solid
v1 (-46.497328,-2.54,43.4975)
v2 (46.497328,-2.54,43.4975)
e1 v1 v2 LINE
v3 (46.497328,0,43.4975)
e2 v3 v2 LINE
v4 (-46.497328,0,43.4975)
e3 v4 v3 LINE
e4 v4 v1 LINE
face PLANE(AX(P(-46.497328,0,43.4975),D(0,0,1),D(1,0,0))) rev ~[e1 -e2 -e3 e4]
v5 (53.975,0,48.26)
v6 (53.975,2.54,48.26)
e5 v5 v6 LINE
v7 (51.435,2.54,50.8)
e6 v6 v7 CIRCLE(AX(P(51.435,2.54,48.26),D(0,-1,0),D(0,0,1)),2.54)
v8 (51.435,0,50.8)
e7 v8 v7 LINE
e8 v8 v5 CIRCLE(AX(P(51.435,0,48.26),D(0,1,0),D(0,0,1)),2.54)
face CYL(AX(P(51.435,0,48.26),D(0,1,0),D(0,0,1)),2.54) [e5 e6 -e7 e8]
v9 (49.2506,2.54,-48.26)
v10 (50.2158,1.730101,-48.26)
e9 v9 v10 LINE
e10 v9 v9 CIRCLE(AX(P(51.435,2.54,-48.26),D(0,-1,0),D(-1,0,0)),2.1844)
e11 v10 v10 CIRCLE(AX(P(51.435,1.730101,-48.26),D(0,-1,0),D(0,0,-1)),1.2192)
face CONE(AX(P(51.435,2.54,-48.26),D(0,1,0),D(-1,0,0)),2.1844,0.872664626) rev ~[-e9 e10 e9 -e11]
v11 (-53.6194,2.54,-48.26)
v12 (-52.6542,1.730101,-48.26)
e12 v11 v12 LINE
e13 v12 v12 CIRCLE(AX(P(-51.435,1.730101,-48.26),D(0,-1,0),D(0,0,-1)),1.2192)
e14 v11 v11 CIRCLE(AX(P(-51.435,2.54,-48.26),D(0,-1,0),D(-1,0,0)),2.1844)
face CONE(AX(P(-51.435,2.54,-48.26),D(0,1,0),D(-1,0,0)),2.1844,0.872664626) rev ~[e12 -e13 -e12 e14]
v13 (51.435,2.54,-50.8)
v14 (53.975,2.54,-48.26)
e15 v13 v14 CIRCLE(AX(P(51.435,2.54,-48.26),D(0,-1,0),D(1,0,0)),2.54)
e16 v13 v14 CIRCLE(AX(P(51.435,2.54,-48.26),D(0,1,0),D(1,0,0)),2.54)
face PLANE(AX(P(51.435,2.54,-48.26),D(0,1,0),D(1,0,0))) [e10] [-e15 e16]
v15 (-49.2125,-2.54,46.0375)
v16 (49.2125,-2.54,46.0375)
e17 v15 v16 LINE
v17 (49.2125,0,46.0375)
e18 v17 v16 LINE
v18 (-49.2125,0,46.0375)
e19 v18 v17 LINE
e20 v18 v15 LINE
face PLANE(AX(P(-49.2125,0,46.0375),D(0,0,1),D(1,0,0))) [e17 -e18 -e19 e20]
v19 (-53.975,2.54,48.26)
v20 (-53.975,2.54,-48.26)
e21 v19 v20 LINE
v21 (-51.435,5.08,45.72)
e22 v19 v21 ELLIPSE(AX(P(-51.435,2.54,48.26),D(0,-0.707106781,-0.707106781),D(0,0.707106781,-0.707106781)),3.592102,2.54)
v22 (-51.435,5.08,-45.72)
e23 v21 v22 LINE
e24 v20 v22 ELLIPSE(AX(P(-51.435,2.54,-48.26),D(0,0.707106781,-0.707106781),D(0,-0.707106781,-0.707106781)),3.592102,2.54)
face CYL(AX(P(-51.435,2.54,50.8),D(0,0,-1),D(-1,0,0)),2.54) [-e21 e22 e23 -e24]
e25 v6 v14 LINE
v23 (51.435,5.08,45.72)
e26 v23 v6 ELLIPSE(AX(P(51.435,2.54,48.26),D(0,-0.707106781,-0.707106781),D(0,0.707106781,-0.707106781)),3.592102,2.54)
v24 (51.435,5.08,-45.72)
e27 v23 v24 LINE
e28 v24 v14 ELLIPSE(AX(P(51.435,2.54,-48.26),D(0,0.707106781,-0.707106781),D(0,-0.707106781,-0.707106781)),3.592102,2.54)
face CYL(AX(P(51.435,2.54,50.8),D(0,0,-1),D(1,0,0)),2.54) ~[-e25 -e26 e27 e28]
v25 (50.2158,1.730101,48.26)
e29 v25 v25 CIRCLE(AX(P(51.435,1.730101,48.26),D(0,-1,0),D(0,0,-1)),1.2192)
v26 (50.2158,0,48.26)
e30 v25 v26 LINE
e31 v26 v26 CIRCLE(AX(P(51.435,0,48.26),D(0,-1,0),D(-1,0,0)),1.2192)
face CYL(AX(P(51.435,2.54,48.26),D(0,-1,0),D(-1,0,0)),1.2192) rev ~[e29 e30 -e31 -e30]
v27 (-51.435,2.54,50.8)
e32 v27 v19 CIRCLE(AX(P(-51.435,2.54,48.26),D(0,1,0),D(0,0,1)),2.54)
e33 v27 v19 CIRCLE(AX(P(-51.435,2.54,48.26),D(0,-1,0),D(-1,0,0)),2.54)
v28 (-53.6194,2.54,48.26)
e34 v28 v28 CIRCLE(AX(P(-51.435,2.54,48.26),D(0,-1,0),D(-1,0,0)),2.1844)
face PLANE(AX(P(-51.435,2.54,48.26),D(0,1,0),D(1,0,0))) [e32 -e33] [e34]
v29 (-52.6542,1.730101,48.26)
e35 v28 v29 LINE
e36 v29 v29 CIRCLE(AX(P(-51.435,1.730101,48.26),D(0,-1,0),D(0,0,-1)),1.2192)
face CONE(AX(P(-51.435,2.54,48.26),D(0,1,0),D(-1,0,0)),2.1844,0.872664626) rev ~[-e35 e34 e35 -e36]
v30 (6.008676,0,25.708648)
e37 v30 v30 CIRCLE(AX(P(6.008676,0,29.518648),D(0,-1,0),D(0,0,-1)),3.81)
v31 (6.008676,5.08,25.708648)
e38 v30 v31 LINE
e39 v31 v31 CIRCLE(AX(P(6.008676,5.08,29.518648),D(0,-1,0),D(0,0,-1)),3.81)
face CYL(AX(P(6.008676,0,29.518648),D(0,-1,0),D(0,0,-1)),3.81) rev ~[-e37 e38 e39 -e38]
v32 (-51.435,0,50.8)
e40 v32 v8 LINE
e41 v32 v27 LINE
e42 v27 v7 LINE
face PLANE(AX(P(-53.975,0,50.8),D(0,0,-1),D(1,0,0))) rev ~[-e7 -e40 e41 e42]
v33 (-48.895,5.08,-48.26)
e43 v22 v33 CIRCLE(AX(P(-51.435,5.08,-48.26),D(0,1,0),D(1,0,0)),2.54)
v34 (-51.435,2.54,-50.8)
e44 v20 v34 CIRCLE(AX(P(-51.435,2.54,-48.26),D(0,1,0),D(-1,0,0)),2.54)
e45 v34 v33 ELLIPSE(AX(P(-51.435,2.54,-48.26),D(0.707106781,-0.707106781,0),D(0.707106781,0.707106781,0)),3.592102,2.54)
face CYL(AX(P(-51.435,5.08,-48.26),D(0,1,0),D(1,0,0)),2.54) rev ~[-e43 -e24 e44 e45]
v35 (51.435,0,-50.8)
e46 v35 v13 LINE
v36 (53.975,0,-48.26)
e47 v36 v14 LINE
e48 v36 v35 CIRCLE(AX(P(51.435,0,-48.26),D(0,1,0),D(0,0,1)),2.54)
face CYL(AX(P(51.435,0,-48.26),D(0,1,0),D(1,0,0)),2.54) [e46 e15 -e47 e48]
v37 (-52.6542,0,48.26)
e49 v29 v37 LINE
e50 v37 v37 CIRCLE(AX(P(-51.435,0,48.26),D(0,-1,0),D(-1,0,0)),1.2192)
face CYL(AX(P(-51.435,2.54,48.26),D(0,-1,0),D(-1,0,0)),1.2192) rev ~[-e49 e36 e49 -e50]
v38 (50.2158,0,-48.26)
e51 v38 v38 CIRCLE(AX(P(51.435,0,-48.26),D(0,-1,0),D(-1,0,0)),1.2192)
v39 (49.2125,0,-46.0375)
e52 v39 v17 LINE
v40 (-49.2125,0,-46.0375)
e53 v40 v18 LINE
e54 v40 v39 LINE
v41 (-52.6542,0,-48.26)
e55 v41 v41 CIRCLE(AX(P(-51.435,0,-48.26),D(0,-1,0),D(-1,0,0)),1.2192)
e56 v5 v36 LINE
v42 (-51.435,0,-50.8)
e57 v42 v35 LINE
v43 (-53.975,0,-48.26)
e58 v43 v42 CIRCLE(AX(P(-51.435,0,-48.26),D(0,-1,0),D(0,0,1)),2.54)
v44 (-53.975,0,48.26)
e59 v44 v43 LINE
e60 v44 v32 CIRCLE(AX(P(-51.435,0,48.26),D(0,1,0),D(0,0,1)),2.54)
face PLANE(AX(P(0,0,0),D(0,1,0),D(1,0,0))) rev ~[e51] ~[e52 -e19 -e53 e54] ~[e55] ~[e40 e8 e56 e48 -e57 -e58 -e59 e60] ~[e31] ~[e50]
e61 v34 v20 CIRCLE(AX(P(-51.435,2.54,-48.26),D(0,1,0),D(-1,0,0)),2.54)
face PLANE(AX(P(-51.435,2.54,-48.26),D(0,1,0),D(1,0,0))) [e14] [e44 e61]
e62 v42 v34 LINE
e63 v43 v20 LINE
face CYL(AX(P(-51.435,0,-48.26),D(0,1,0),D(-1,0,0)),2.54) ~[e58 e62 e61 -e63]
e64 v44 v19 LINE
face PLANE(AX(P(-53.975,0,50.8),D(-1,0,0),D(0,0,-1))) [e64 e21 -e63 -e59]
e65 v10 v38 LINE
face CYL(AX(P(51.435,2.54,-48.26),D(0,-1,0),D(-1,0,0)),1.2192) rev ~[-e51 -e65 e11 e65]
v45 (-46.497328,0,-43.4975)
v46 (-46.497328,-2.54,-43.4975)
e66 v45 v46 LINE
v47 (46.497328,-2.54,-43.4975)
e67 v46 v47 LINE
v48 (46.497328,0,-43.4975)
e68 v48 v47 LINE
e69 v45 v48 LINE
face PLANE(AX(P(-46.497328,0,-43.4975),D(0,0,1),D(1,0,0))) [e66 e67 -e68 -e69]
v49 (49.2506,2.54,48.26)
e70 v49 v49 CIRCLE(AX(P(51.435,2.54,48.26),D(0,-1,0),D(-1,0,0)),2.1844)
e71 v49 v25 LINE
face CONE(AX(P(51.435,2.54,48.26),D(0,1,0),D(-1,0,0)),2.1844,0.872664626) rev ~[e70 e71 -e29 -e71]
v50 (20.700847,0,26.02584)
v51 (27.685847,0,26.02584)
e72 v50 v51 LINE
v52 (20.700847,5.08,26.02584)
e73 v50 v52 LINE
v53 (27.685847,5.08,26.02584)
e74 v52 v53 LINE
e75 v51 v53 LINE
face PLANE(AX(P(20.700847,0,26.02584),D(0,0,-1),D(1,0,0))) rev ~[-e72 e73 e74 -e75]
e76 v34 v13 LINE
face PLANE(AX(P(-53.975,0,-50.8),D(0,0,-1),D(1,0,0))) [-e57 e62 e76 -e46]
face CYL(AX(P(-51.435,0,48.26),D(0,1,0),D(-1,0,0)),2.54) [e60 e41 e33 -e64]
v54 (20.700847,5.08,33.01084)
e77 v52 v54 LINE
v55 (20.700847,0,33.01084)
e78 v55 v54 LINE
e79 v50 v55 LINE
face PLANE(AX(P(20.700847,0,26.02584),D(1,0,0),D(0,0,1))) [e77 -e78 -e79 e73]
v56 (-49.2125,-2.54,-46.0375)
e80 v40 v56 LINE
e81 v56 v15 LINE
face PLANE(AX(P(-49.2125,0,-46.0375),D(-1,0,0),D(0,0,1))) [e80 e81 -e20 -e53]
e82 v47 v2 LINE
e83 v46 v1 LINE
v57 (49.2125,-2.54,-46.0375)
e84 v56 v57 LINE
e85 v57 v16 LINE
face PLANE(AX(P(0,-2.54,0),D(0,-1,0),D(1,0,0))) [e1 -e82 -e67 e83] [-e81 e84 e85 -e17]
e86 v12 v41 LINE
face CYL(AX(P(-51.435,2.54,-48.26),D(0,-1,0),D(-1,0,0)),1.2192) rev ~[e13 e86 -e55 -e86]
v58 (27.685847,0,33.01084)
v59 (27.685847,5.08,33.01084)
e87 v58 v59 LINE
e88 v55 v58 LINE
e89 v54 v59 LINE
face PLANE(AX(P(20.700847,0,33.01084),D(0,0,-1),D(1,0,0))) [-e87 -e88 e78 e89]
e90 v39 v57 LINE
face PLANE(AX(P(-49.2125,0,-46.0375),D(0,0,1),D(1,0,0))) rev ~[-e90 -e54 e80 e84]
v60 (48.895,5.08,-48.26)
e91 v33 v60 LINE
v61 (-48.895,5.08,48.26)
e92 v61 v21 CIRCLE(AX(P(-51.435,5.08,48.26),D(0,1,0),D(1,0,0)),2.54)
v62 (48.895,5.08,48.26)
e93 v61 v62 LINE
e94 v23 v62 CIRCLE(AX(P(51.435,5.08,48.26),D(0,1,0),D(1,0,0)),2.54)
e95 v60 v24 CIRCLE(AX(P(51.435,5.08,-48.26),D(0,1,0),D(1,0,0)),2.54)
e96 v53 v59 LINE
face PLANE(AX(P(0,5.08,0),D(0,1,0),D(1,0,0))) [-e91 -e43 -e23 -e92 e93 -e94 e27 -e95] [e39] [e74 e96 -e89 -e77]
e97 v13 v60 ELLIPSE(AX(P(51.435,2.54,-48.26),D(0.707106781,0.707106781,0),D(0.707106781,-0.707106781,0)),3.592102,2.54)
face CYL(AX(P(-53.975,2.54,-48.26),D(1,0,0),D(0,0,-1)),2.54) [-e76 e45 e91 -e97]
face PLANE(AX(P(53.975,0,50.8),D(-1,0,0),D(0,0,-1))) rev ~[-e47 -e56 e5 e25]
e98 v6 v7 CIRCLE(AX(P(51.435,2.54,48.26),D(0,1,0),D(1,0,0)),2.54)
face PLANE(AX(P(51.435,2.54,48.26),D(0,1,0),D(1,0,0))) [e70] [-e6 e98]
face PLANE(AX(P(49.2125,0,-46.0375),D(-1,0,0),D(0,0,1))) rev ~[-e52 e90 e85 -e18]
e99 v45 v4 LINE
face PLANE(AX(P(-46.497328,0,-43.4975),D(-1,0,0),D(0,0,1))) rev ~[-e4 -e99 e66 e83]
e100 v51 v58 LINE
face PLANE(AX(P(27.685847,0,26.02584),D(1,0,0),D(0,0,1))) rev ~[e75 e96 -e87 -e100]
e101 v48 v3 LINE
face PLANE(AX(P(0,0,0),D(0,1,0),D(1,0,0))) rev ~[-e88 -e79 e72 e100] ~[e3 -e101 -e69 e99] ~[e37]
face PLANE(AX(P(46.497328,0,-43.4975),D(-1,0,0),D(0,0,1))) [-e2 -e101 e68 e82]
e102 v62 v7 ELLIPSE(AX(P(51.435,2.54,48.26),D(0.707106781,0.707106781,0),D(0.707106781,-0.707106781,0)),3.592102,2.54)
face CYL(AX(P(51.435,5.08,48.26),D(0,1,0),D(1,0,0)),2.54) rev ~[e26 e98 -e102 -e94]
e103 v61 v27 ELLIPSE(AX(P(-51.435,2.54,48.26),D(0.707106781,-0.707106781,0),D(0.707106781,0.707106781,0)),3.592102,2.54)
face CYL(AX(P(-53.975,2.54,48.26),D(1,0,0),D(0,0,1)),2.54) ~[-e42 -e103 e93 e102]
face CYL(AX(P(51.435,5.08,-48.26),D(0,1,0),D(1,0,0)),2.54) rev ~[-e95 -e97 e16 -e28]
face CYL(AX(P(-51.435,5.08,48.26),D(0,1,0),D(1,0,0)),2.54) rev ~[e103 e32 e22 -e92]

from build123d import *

# Parameters (mm, degrees)
SKETCH1_W                                         = 107.95
SKETCH1_H                                         = 101.6
BOSS_EXTRUDE1_DEPTH                               = 5.08
FILLET1_R                                         = 2.54
SKETCH2_W                                         = 98.425
SKETCH2_H                                         = 92.075
SKETCH2_W_2                                       = 92.994655172
SKETCH2_H_2                                       = 86.995
BOSS_EXTRUDE2_DEPTH                               = 2.54
SKETCH3_R                                         = 3.81
CUT_EXTRUDE1_DEPTH                                = 5.08
SKETCH4_W                                         = 6.985
SKETCH4_H                                         = 6.985
CUT_EXTRUDE2_DEPTH                                = 5.08
SKETCH5_R                                         = 2.54
CUT_EXTRUDE3_DEPTH                                = 2.54
LPATTERN1_COUNT                                   = 2
LPATTERN1_PITCH                                   = 96.52
LPATTERN1_COUNT_DIR2                              = 2
LPATTERN1_PITCH_DIR2                              = 102.87
CSK_FOR_2_FLAT_HEAD_MACHINE_SCREW_100_D           = 2.4384
CSK_FOR_2_FLAT_HEAD_MACHINE_SCREW_100_CSINK_D     = 4.3688
CSK_FOR_2_FLAT_HEAD_MACHINE_SCREW_100_CSINK_ANGLE = 100


with BuildPart() as part:
    # Sketch1 → Boss-Extrude1 (new body)
    with BuildSketch(Plane(origin=(0, 0, 0), x_dir=(1, 0, 0), z_dir=(0, 1, 0))):
        Rectangle(SKETCH1_W, SKETCH1_H)
    extrude(amount=BOSS_EXTRUDE1_DEPTH)

    # Fillet1
    fillet1_edges = [part.edges().sort_by_distance(p)[0] for p in [
        (-53.975, 5.08, 0),
        (0, 5.08, 50.8),
        (53.975, 5.08, 0),
        (0, 5.08, -50.8),
        (53.975, 2.54, 50.8),
        (-53.975, 2.54, 50.8),
        (-53.975, 2.54, -50.8),
        (53.975, 2.54, -50.8),
    ]]
    fillet(fillet1_edges, radius=FILLET1_R)

    # Sketch2 → Boss-Extrude2 (add)
    with BuildSketch(Plane.XZ):
        Rectangle(SKETCH2_W, SKETCH2_H)
        Rectangle(SKETCH2_W_2, SKETCH2_H_2, mode=Mode.SUBTRACT)
    extrude(amount=BOSS_EXTRUDE2_DEPTH)

    # Sketch3 → Cut-Extrude1 (cut)
    with BuildSketch(Plane.XZ):
        with Locations(Location((6.008676456, 29.518648142, 0), (0, 0, 270))):
            Circle(SKETCH3_R)
    extrude(amount=-CUT_EXTRUDE1_DEPTH, mode=Mode.SUBTRACT)

    # Sketch4 → Cut-Extrude2 (cut)
    with BuildSketch(Plane.XZ):
        with Locations((24.193347407, 29.518339929)):
            Rectangle(SKETCH4_W, SKETCH4_H)
    extrude(amount=-CUT_EXTRUDE2_DEPTH, mode=Mode.SUBTRACT)

    # Sketch5 → Cut-Extrude3 (cut)
    with BuildSketch(Plane(origin=(0, 5.08, 0), x_dir=(1, 0, 0), z_dir=(0, 1, 0))):
        with Locations((-51.435, -48.26)):
            Circle(SKETCH5_R)
    cut_extrude3 = extrude(amount=-CUT_EXTRUDE3_DEPTH, mode=Mode.SUBTRACT)

    # LPattern1: Cut-Extrude3 2 × 2
    with Locations(*[(j * LPATTERN1_PITCH_DIR2, 0, -i * LPATTERN1_PITCH) for i in range(LPATTERN1_COUNT) for j in range(LPATTERN1_COUNT_DIR2) if (i, j) != (0, 0)]):
        add(cut_extrude3, mode=Mode.SUBTRACT)

    # CSK for #2 Flat Head Machine Screw (100)1 (through all)
    with Locations(Plane(origin=(0, 2.54, 0), x_dir=(1, 0, 0), z_dir=(0, 1, 0))):
        with Locations((51.435, -48.26), (-51.435, -48.26), (-51.435, 48.26), (51.435, 48.26)):
            CounterSinkHole(CSK_FOR_2_FLAT_HEAD_MACHINE_SCREW_100_D / 2, CSK_FOR_2_FLAT_HEAD_MACHINE_SCREW_100_CSINK_D / 2, counter_sink_angle=CSK_FOR_2_FLAT_HEAD_MACHINE_SCREW_100_CSINK_ANGLE)


solid = part.part
